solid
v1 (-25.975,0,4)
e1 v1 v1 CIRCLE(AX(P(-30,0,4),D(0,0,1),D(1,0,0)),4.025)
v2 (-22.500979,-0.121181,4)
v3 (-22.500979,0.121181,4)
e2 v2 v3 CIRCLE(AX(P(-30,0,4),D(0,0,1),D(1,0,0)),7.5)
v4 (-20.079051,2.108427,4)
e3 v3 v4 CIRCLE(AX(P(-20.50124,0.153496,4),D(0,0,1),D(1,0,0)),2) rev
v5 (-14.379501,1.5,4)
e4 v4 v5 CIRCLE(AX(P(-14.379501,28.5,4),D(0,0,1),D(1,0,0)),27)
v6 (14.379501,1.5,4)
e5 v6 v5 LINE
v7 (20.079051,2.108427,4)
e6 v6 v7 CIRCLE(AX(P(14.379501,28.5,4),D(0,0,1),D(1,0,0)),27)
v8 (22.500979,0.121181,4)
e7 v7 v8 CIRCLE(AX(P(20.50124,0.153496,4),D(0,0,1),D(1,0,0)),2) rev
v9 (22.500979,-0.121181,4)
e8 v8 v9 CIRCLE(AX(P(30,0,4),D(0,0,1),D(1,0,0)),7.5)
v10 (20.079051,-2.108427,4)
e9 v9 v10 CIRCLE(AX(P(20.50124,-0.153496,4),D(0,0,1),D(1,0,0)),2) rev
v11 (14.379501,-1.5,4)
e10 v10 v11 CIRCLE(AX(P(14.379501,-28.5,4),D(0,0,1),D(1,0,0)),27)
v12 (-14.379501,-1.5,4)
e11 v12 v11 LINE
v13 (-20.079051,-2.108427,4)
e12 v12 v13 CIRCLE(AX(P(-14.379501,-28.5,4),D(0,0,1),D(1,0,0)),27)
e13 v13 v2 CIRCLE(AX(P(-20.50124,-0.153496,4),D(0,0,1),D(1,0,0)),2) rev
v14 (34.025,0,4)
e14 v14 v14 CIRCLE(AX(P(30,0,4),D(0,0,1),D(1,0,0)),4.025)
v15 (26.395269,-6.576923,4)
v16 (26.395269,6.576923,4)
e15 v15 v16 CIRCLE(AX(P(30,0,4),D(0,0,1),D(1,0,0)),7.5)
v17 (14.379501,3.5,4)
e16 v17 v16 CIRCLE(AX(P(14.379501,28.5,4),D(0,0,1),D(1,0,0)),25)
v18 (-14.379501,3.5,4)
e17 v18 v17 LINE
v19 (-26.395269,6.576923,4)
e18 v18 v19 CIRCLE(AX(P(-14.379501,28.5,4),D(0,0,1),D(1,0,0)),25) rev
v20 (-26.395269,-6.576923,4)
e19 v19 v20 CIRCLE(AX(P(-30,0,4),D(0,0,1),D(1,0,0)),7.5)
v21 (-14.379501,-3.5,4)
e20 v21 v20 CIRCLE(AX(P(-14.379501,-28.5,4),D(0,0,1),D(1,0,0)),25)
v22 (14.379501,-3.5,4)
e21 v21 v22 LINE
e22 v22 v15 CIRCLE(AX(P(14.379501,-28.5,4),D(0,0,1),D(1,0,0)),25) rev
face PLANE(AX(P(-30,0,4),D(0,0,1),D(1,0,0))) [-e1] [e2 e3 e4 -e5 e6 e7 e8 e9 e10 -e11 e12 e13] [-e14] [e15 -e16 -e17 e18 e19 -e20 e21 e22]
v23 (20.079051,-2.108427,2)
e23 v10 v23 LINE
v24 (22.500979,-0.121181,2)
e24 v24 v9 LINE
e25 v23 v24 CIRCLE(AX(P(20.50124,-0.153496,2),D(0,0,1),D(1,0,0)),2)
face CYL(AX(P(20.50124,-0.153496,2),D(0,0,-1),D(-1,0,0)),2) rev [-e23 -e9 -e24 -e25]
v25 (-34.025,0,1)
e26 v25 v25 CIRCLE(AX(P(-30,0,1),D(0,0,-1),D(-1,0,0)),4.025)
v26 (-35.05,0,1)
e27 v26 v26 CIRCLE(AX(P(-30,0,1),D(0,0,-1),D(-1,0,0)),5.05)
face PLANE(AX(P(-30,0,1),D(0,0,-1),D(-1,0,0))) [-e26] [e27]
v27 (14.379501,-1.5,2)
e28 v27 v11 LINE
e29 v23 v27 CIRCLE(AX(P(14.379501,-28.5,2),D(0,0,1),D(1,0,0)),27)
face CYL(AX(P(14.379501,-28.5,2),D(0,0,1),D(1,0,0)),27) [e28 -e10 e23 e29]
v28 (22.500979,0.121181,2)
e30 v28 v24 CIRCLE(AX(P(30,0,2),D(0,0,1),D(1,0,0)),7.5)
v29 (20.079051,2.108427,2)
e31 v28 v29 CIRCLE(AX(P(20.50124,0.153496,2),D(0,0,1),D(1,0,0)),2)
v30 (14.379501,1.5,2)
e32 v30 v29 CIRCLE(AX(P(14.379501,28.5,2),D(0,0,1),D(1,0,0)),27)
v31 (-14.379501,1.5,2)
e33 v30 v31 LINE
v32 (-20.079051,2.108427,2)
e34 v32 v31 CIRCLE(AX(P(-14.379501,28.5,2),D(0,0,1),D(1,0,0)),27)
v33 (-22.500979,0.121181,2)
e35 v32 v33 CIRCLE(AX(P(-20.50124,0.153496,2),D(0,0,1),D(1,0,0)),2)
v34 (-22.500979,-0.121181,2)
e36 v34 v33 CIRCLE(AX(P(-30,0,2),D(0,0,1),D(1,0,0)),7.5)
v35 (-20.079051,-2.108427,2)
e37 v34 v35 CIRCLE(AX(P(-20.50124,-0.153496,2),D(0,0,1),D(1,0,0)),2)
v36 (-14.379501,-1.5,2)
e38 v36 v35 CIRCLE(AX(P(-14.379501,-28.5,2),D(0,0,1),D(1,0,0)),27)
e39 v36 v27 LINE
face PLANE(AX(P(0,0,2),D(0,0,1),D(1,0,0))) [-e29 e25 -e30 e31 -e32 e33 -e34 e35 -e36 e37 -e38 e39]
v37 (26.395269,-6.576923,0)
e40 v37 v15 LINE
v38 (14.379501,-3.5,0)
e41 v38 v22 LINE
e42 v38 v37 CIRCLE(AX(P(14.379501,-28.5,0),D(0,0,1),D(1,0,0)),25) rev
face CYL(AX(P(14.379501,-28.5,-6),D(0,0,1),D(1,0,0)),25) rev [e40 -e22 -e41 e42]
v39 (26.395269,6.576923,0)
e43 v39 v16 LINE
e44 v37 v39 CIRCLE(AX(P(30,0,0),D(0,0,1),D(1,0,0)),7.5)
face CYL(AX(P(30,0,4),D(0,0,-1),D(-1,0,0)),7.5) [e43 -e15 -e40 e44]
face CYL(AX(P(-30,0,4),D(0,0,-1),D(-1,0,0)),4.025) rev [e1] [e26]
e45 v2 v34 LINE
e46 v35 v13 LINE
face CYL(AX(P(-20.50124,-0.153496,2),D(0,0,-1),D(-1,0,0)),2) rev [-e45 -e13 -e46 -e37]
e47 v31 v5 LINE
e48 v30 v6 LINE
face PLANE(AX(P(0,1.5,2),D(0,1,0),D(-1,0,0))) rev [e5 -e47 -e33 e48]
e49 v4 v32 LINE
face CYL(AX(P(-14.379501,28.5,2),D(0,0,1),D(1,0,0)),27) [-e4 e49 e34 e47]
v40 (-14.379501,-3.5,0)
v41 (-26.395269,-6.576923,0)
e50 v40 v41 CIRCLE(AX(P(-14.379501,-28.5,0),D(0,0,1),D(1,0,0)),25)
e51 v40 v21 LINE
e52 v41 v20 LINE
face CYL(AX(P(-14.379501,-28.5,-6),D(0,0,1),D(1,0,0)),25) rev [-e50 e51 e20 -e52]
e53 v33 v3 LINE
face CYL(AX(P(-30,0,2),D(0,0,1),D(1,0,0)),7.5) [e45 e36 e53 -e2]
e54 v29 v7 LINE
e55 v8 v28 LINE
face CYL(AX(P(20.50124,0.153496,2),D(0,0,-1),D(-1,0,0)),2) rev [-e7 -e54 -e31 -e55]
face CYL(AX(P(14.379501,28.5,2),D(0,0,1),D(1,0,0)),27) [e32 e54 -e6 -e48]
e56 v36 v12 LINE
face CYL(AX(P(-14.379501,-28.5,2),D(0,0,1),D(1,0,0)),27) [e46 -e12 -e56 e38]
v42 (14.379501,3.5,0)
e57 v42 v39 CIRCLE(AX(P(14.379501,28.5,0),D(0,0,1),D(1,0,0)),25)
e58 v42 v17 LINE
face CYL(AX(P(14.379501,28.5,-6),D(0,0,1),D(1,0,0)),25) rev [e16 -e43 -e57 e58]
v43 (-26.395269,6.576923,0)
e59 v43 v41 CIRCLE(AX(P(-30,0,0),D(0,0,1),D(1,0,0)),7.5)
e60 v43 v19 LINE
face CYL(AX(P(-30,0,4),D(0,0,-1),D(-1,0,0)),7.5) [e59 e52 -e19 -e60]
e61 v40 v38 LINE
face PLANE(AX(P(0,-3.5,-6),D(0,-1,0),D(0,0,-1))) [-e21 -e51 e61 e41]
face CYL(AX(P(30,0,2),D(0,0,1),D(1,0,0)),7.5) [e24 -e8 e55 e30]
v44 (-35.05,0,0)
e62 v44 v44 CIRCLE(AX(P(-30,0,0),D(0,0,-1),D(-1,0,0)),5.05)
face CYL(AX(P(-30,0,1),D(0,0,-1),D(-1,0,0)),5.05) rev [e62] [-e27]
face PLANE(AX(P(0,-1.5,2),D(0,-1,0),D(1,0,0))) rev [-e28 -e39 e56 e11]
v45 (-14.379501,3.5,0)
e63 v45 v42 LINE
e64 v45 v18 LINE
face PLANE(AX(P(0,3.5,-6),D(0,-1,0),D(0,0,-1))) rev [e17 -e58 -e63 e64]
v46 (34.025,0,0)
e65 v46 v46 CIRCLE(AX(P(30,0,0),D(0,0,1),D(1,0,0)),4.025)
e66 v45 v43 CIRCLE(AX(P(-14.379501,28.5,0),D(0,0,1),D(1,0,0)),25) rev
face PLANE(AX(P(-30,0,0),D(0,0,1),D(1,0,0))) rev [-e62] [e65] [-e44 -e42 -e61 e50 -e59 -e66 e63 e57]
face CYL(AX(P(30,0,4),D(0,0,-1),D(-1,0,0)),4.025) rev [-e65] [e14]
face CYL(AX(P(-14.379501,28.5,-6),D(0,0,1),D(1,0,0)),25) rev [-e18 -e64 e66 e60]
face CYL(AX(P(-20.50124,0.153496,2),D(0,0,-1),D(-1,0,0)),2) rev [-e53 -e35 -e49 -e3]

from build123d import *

# Parameters (mm, degrees)
SKETCH_1_R          = 4.025
EXTRUDE_1_DEPTH     = 4
CUT_EXTRUDE_START   = -10
CUT_EXTRUDE_1_DEPTH = 10
SKETCH_4_R          = 5.05
CUT_EXTRUDE_2_DEPTH = 1
CUT_EXTRUDE_START_2 = -2
CUT_EXTRUDE_3_DEPTH = 2
FILLET_2_R          = 2


with BuildPart() as part:
    # 草图1 → 凸台-拉伸1 (new body)
    with BuildSketch(Plane.XY):
        with BuildLine():
            Line((-30, 7.5), (30, 7.5))
            ThreePointArc((30, 7.5), (37.5, 0), (30, -7.5))
            Line((30, -7.5), (-30, -7.5))
            ThreePointArc((-30, -7.5), (-37.5, 0), (-30, 7.5))
        make_face()
        with Locations((-30, 0)):
            Circle(SKETCH_1_R, mode=Mode.SUBTRACT)
        with Locations((30, 0)):
            Circle(SKETCH_1_R, mode=Mode.SUBTRACT)
    extrude(amount=EXTRUDE_1_DEPTH)

    # 草图2 → 切除-拉伸1 (cut)
    with BuildSketch(Plane.XY.offset(4).offset(CUT_EXTRUDE_START)):
        with BuildLine():
            ThreePointArc((-26.39526938, 6.576923077), (-20.581237378, 4.281443859), (-14.379500648, 3.5))
            Line((-14.379500648, 3.5), (14.379500648, 3.5))
            ThreePointArc((14.379500648, 3.5), (20.581237378, 4.281443859), (26.39526938, 6.576923077))
            ThreePointArc((26.39526938, 6.576923077), (28.139478981, 7.265566842), (30, 7.5))
            Line((30, 7.5), (-30, 7.5))
            ThreePointArc((-30, 7.5), (-28.139478981, 7.265566842), (-26.39526938, 6.576923077))
        make_face()
        with BuildLine():
            ThreePointArc((-26.39526938, -6.576923077), (-28.139478981, -7.265566842), (-30, -7.5))
            Line((-30, -7.5), (30, -7.5))
            ThreePointArc((30, -7.5), (28.139478981, -7.265566842), (26.39526938, -6.576923077))
            ThreePointArc((26.39526938, -6.576923077), (20.581237378, -4.281443859), (14.379500648, -3.5))
            Line((14.379500648, -3.5), (-14.379500648, -3.5))
            ThreePointArc((-14.379500648, -3.5), (-20.581237378, -4.281443859), (-26.39526938, -6.576923077))
        make_face()
    extrude(amount=CUT_EXTRUDE_1_DEPTH, mode=Mode.SUBTRACT)

    # 草图4 → 切除-拉伸2 (cut)
    with BuildSketch(Plane(origin=(0, 0, 0), x_dir=(-1, 0, 0), z_dir=(0, 0, -1))):
        with Locations((30, 0)):
            Circle(SKETCH_4_R)
    extrude(amount=-CUT_EXTRUDE_2_DEPTH, mode=Mode.SUBTRACT)

    # 草图5 → 切除-拉伸3 (cut)
    with BuildSketch(Plane.XY.offset(4).offset(CUT_EXTRUDE_START_2)):
        with BuildLine():
            ThreePointArc((-23.103831173, -2.948364888), (-18.801369709, -1.864552303), (-14.379500648, -1.5))
            Line((-14.379500648, -1.5), (14.379500648, -1.5))
            ThreePointArc((14.379500648, -1.5), (18.801369709, -1.864552303), (23.103831173, -2.948364888))
            ThreePointArc((23.103831173, -2.948364888), (22.5, 0), (23.103831173, 2.948364888))
            ThreePointArc((23.103831173, 2.948364888), (18.801369709, 1.864552303), (14.379500648, 1.5))
            Line((14.379500648, 1.5), (-14.379500648, 1.5))
            ThreePointArc((-14.379500648, 1.5), (-18.801369709, 1.864552303), (-23.103831173, 2.948364888))
            ThreePointArc((-23.103831173, 2.948364888), (-22.65250838, 1.504781346), (-22.5, 0))
            ThreePointArc((-22.5, 0), (-22.65250838, -1.504781346), (-23.103831173, -2.948364888))
        make_face()
    extrude(amount=CUT_EXTRUDE_3_DEPTH, mode=Mode.SUBTRACT)

    # 圆角2
    fillet_2_edges = [part.edges().sort_by_distance(p)[0] for p in [
        (23.103831173, 2.948364888, 3),
        (23.103831173, -2.948364888, 3),
        (-23.103831173, -2.948364888, 3),
        (-23.103831173, 2.948364888, 3),
    ]]
    fillet(fillet_2_edges, radius=FILLET_2_R)


solid = part.part
